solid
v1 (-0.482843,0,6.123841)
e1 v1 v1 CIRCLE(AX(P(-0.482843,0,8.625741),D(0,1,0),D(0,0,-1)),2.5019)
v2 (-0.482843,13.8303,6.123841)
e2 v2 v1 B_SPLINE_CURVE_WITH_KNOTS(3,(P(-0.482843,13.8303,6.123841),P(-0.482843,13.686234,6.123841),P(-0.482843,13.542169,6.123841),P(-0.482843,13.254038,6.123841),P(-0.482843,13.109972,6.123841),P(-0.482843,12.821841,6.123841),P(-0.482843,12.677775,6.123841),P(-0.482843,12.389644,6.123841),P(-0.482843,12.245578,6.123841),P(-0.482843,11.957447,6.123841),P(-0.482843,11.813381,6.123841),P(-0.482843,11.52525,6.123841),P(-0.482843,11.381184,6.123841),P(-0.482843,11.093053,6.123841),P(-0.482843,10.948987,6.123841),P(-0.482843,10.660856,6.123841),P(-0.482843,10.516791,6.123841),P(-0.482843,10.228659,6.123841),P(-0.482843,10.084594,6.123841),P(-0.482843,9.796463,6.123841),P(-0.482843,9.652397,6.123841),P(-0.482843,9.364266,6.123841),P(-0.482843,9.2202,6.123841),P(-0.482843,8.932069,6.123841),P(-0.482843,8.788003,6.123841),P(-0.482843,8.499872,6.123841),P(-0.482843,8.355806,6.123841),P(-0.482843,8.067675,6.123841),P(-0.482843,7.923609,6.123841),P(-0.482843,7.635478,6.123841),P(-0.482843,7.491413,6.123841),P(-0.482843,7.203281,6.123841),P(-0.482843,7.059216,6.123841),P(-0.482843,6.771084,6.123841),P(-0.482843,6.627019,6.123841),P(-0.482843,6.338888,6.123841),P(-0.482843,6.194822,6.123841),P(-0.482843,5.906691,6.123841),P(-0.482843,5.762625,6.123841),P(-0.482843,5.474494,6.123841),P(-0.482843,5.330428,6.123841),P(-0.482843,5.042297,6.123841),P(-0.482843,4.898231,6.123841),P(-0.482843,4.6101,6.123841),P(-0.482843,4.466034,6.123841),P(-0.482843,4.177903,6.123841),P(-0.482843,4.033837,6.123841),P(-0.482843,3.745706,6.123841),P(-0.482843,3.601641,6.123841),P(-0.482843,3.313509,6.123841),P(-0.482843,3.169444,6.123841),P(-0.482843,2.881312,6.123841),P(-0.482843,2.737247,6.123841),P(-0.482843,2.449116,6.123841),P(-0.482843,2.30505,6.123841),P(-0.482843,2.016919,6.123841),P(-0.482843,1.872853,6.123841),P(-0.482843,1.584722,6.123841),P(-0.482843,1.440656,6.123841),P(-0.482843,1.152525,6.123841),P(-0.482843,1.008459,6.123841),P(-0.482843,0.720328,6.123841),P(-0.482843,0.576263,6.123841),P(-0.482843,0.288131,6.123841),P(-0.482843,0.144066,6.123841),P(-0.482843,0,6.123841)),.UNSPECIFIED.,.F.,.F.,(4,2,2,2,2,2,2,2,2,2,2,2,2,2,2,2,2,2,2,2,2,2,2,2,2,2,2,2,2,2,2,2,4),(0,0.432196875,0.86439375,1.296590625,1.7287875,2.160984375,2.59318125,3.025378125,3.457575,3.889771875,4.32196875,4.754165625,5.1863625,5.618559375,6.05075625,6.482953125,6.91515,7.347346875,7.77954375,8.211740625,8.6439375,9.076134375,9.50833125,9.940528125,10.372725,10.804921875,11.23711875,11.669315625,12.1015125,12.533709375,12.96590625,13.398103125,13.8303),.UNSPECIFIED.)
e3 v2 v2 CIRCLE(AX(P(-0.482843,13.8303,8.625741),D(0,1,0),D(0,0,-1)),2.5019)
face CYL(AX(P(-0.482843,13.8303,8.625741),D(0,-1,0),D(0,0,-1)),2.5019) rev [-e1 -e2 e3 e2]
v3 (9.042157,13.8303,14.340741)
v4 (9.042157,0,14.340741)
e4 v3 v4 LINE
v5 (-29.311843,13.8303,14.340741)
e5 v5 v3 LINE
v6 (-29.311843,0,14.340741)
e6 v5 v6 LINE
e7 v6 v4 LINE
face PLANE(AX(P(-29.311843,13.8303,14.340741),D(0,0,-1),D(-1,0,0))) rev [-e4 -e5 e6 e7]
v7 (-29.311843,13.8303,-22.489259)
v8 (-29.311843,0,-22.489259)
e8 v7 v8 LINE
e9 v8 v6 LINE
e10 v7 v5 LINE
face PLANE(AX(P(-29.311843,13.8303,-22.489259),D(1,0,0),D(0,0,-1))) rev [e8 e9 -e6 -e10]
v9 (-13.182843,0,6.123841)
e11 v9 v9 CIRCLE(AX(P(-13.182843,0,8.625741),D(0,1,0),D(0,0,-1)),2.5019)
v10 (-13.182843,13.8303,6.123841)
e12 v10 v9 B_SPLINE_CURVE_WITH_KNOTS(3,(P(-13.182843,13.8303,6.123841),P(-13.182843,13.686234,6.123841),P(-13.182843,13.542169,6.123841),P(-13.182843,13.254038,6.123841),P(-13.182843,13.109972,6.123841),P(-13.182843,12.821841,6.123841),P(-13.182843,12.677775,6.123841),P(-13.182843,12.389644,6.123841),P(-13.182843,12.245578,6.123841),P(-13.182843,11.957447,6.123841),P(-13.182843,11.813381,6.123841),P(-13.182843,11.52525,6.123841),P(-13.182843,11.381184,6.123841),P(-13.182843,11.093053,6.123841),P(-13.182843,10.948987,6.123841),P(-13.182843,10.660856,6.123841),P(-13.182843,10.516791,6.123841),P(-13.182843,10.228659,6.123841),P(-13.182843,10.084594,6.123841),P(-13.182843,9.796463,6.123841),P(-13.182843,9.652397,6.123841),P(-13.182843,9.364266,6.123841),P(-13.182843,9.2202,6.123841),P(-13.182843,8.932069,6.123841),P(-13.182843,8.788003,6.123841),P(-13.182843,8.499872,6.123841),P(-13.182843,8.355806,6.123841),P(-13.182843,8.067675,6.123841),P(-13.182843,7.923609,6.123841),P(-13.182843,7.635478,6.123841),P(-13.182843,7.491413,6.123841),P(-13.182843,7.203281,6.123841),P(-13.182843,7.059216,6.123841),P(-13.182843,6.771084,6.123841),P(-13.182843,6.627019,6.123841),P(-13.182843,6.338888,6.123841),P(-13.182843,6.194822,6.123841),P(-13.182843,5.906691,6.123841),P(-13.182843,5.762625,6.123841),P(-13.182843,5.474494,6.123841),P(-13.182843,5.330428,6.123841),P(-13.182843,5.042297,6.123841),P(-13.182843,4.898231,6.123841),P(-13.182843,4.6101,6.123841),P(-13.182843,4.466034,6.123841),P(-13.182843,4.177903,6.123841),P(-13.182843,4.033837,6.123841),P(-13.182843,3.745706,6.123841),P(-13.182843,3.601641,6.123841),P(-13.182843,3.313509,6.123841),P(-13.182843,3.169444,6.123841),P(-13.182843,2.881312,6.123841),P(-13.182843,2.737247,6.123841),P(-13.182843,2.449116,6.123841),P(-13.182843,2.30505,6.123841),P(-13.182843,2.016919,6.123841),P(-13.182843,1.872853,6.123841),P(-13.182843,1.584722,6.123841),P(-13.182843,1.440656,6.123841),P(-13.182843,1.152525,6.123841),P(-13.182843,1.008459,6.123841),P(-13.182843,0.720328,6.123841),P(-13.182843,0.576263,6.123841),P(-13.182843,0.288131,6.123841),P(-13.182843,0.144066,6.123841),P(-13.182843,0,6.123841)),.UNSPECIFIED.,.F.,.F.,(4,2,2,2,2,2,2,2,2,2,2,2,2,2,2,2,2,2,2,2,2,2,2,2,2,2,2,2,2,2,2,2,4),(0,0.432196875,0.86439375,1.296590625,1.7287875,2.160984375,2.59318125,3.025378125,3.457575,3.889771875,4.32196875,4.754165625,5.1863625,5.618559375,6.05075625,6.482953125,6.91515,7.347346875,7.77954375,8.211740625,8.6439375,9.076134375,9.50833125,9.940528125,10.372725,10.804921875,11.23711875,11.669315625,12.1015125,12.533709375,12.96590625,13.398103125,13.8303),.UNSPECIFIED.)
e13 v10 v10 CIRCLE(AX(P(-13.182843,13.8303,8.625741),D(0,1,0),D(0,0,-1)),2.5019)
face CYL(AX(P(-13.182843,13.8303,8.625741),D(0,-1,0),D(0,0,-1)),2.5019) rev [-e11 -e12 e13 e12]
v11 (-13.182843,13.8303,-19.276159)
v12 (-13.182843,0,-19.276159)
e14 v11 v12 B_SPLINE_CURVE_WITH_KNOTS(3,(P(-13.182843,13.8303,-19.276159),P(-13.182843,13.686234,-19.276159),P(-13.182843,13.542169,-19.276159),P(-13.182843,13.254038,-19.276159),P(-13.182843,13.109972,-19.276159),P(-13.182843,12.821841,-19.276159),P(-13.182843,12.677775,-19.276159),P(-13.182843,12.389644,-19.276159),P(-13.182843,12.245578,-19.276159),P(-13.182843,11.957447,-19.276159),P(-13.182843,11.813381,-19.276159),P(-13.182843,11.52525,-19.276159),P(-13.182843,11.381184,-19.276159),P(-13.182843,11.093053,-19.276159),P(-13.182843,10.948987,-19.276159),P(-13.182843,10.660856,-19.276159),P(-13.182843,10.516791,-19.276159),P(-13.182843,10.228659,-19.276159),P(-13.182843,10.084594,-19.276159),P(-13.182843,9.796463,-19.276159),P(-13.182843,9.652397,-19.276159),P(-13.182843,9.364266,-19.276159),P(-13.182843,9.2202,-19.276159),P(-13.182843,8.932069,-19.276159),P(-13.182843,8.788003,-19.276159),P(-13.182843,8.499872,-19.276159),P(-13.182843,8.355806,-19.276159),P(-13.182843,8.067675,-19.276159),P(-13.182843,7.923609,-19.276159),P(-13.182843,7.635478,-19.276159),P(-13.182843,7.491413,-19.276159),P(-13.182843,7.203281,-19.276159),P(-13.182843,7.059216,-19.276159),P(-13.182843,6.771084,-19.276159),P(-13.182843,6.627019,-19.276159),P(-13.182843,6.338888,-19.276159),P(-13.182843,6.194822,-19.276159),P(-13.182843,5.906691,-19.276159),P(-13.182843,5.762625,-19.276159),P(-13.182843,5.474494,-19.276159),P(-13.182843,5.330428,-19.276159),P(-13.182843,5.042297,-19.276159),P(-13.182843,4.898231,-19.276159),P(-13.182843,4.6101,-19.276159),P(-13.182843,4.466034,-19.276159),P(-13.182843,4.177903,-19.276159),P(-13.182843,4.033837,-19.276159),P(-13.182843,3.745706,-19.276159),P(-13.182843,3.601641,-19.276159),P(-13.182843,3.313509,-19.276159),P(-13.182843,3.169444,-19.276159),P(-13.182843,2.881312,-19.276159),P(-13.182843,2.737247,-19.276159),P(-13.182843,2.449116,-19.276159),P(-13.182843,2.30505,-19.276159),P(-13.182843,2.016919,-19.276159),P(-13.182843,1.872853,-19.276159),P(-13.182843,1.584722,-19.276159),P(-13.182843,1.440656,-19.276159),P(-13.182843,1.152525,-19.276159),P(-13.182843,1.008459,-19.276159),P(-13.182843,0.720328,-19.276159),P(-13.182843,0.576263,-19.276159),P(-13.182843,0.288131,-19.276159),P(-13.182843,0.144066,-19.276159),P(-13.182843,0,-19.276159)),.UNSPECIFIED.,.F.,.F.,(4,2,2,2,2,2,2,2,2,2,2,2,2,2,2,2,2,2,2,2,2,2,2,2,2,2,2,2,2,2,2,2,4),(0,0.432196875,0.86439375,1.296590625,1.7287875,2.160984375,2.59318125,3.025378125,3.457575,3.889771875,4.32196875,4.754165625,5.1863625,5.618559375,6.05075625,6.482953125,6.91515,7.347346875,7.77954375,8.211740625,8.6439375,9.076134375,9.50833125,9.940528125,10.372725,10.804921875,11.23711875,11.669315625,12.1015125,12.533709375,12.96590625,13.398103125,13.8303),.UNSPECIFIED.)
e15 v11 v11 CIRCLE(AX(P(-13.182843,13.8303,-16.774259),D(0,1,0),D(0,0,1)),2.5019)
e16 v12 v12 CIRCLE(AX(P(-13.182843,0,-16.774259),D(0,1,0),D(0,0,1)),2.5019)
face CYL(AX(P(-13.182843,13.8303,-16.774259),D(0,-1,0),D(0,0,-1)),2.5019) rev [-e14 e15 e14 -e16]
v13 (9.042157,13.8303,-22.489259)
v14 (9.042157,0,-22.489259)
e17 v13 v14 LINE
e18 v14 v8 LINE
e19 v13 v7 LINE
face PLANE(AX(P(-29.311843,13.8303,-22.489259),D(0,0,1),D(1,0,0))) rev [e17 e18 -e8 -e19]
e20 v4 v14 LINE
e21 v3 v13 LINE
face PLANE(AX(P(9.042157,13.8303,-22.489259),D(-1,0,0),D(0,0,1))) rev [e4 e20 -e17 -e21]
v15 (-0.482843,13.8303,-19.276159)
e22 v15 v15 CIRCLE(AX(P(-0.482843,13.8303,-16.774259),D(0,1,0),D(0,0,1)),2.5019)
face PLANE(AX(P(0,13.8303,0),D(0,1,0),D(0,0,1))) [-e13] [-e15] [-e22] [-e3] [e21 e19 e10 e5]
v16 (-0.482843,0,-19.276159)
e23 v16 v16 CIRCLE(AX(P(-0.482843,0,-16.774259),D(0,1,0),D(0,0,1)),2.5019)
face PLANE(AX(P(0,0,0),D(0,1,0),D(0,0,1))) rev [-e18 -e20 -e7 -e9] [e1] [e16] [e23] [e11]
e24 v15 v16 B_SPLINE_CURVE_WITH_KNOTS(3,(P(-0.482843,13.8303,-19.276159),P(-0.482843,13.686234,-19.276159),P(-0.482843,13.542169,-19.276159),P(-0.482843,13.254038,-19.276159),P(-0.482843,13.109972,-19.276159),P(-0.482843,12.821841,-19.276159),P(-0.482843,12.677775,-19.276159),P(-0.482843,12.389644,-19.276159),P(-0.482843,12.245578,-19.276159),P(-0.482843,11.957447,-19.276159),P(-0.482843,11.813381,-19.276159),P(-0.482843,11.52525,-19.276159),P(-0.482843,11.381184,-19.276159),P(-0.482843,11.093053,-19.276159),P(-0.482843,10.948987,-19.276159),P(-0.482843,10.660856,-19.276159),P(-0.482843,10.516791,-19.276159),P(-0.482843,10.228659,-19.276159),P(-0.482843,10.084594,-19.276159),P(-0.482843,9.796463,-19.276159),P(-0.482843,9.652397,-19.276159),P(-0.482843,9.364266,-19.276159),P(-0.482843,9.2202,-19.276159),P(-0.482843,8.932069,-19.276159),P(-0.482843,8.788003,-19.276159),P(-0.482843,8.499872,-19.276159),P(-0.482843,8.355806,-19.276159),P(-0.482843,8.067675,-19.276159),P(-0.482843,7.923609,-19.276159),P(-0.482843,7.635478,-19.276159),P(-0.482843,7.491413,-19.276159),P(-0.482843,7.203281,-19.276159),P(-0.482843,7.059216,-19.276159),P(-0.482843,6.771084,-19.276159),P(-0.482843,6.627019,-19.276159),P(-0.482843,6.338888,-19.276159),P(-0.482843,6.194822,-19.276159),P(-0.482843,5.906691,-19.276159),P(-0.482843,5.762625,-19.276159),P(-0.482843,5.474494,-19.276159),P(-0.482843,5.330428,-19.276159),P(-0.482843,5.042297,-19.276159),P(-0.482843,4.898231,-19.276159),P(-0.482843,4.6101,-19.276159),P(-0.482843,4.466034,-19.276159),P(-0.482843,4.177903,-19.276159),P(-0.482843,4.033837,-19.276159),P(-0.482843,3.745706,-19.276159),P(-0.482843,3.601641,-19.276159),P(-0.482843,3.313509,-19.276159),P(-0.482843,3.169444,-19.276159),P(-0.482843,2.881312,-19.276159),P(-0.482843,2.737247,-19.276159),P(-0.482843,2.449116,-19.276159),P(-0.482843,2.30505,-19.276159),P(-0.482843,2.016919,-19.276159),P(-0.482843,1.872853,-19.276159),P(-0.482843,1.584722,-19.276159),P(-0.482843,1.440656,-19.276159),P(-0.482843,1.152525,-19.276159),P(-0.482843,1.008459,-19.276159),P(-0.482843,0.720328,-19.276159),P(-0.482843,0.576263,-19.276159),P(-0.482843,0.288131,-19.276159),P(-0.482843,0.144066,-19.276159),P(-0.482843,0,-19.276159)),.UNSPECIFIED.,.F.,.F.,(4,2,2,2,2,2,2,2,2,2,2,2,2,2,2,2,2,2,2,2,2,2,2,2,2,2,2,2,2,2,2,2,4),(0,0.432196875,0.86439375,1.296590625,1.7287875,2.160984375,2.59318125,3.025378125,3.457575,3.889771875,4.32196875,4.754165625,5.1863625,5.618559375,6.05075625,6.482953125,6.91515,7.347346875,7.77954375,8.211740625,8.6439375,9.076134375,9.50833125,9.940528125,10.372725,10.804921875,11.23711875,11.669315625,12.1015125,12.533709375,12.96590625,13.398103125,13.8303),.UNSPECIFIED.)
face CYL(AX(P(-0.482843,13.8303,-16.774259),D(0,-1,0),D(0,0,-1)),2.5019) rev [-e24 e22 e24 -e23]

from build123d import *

# Parameters (mm, degrees)
SKETCH1_W           = 38.354
SKETCH1_H           = 36.83
SKETCH1_R           = 2.5019
BOSS_EXTRUDE1_DEPTH = 13.8303


with BuildPart() as part:
    # Sketch1 → Boss-Extrude1 (new body)
    with BuildSketch(Plane(origin=(0, 0, 0), x_dir=(1, 0, 0), z_dir=(0, 1, 0))):
        with Locations((-10.134843348, 4.07425912)):
            Rectangle(SKETCH1_W, SKETCH1_H)
        with Locations(Location((-0.482843348, 16.77425912, 0), (0, 0, 90))):
            Circle(SKETCH1_R, mode=Mode.SUBTRACT)
        with Locations(Location((-13.182843348, 16.77425912, 0), (0, 0, 90))):
            Circle(SKETCH1_R, mode=Mode.SUBTRACT)
        with Locations(Location((-0.482843348, -8.62574088, 0), (0, 0, 90))):
            Circle(SKETCH1_R, mode=Mode.SUBTRACT)
        with Locations(Location((-13.182843348, -8.62574088, 0), (0, 0, 90))):
            Circle(SKETCH1_R, mode=Mode.SUBTRACT)
    extrude(amount=BOSS_EXTRUDE1_DEPTH)


solid = part.part
